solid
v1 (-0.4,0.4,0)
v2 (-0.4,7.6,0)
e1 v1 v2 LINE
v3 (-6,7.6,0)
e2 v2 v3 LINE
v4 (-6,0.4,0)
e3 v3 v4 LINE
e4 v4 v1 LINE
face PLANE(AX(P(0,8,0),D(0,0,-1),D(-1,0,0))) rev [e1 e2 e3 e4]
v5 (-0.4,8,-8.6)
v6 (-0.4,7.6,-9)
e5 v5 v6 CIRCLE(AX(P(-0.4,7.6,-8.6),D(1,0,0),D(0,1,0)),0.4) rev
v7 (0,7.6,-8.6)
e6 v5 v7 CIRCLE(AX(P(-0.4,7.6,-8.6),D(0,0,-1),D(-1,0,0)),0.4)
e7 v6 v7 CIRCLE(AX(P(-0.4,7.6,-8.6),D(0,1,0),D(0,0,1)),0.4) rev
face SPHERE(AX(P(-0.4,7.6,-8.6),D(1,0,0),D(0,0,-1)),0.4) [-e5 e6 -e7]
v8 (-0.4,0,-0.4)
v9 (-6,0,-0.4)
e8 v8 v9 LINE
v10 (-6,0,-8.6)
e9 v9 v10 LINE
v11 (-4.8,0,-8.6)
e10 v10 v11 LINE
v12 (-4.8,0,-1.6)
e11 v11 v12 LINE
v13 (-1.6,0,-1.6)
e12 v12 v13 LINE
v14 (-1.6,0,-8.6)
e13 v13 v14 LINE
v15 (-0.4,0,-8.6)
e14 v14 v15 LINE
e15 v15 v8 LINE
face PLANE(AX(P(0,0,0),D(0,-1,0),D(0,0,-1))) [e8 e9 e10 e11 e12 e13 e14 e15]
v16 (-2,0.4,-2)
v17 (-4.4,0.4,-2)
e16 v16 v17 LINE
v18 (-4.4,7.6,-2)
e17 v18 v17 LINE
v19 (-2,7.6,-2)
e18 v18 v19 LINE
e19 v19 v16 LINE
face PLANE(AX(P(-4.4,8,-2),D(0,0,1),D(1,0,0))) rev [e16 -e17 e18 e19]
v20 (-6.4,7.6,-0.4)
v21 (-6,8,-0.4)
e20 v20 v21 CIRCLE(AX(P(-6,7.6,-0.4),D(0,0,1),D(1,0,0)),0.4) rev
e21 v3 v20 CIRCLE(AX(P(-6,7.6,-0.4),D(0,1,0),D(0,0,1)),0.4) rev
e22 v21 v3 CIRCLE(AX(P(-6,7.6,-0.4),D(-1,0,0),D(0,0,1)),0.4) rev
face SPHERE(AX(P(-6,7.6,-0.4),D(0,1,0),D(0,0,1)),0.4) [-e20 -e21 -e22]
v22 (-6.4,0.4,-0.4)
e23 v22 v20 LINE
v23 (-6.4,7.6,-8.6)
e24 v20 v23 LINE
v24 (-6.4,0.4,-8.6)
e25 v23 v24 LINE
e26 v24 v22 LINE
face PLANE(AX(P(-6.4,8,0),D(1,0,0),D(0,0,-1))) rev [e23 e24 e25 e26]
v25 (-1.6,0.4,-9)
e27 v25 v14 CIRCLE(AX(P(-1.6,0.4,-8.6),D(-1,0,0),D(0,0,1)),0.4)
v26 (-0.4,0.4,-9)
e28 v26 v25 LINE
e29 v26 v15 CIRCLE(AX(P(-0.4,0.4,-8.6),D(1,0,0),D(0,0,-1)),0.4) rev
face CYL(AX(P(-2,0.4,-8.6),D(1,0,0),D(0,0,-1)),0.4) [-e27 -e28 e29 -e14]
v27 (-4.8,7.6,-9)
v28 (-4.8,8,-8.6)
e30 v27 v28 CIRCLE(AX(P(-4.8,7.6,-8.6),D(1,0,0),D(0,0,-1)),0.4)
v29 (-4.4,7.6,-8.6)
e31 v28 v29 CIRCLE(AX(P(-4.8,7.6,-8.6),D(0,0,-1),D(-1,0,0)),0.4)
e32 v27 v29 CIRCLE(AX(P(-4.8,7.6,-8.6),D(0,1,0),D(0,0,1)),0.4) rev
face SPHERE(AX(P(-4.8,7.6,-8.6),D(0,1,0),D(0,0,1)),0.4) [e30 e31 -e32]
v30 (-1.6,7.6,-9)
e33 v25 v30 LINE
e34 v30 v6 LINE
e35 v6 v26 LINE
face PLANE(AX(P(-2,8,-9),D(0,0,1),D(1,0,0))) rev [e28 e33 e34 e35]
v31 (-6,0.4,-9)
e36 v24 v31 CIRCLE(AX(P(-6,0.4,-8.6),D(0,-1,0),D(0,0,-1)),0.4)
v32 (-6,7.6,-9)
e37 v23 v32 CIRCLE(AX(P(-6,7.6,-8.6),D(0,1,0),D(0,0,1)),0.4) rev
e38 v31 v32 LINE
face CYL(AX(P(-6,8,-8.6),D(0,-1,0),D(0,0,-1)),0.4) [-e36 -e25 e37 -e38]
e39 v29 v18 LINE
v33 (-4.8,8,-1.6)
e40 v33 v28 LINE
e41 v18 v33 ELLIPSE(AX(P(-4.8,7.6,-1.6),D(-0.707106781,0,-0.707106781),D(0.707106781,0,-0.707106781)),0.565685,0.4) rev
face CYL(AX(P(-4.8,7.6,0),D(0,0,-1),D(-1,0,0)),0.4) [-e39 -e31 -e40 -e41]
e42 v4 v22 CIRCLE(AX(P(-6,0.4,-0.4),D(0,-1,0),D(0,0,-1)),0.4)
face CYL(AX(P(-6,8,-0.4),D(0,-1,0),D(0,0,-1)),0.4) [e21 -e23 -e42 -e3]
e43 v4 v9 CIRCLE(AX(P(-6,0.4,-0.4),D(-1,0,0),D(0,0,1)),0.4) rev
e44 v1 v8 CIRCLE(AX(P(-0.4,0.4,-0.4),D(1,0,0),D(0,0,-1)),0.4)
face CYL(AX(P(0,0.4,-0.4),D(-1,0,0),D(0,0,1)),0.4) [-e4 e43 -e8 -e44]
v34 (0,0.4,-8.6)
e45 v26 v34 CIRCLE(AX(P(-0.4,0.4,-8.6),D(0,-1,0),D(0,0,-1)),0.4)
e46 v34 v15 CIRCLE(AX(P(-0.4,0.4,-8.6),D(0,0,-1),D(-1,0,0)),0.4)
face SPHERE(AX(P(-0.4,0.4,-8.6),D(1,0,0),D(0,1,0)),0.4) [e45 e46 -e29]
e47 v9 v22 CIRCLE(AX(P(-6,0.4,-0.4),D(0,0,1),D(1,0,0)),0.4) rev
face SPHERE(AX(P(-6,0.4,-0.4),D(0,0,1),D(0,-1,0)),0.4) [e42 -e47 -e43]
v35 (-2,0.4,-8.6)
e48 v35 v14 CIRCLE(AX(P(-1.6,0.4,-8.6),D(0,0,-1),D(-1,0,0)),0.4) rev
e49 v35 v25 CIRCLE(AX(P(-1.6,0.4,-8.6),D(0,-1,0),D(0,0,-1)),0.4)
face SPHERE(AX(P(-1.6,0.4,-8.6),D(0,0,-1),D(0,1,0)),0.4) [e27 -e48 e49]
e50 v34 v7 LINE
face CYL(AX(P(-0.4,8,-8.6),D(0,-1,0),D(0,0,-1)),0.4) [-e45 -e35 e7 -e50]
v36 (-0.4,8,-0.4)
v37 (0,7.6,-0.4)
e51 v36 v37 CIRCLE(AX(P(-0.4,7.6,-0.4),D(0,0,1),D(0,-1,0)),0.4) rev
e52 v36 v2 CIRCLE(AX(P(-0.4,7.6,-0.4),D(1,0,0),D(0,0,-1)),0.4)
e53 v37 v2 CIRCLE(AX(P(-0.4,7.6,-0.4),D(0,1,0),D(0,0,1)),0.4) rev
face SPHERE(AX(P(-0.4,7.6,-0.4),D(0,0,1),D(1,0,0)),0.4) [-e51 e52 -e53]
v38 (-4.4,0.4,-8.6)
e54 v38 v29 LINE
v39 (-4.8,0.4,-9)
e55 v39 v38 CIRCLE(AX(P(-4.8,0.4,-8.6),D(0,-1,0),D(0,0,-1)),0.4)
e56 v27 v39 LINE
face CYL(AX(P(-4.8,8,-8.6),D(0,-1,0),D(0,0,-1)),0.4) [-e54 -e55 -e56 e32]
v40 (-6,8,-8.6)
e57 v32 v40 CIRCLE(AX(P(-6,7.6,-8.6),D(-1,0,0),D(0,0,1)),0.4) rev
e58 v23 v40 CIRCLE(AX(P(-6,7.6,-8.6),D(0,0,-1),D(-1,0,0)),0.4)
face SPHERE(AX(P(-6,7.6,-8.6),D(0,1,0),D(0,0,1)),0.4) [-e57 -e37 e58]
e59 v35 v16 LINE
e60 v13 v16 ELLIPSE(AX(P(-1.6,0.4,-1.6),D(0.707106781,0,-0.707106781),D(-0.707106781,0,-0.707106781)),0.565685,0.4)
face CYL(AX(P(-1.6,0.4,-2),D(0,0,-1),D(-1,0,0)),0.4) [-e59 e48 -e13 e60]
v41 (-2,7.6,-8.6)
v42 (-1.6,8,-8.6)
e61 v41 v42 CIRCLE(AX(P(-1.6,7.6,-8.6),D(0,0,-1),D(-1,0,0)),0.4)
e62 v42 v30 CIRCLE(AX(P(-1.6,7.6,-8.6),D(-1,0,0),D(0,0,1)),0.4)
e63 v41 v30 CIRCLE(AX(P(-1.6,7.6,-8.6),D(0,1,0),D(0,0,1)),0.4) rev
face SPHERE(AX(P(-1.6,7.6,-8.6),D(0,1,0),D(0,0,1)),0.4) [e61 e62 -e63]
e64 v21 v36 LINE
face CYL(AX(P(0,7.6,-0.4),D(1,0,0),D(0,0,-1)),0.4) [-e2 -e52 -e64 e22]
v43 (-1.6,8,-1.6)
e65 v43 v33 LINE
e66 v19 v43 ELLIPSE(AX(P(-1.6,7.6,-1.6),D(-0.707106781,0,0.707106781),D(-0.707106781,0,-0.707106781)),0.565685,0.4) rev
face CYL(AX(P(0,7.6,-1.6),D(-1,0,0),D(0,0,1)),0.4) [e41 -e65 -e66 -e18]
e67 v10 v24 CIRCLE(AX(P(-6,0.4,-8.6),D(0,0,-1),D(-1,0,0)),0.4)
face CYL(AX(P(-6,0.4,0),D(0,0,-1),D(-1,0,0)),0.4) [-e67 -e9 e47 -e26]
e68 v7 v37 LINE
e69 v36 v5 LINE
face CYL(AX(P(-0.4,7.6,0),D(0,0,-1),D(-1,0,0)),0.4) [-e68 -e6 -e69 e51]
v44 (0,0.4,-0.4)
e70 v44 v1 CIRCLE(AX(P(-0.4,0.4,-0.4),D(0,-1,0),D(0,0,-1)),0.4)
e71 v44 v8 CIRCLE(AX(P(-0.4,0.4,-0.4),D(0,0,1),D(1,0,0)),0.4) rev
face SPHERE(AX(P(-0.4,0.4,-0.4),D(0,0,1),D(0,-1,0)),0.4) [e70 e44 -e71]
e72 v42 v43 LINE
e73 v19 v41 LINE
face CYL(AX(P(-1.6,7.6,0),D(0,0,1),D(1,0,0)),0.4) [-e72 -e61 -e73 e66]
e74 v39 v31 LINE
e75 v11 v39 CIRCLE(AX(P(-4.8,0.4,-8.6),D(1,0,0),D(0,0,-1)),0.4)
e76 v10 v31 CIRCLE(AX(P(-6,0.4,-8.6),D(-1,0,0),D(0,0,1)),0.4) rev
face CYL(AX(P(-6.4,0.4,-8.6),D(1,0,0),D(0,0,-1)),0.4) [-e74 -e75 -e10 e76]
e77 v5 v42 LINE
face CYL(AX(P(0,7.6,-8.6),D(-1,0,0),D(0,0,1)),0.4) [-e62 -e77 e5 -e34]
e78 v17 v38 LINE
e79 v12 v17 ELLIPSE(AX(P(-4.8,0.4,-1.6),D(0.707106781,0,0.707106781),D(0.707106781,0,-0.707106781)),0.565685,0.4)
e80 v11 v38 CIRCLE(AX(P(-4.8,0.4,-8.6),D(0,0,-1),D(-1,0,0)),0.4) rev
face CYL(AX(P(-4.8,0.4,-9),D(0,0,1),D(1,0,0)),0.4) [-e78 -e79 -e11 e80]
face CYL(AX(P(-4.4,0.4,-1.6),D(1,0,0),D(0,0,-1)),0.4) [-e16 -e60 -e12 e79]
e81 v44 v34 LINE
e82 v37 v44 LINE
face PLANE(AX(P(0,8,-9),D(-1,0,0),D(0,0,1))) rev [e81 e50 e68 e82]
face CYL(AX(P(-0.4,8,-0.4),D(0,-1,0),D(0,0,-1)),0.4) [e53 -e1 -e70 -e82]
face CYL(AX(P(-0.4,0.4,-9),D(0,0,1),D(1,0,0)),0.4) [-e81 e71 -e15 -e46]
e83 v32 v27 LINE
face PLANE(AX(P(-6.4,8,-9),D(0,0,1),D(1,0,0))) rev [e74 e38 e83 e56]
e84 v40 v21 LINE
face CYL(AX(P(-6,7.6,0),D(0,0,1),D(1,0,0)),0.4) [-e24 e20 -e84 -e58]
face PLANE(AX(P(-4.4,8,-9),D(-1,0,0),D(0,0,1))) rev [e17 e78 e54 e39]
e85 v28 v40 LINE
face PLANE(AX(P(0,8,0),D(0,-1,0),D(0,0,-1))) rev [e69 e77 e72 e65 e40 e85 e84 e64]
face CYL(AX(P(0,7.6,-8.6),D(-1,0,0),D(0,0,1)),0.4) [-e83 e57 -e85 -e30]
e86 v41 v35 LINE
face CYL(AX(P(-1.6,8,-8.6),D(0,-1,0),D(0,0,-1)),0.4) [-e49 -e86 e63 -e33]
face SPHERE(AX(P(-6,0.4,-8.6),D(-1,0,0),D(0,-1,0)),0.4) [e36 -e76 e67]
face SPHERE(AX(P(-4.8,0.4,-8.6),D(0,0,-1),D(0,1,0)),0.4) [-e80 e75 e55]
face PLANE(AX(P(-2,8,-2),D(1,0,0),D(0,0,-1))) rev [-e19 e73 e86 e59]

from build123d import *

# Parameters (mm, degrees)
BOSS_EXTRUDE1_DEPTH = 8
FILLET1_R           = 0.4


with BuildPart() as part:
    # Sketch1 → Boss-Extrude1 (new body)
    with BuildSketch(Plane(origin=(0, 0, 0), x_dir=(1, 0, 0), z_dir=(0, 1, 0))):
        Polygon((0, 0), (-6.4, 0), (-6.4, 9), (-4.4, 9), (-4.4, 2), (-2, 2), (-2, 9), (0, 9), align=None)
    extrude(amount=BOSS_EXTRUDE1_DEPTH)

    # Fillet1
    fillet1_edges = [part.edges().sort_by_distance(p)[0] for p in [
        (-3.2, 0, -2),
        (-2, 0, -5.5),
        (-1, 0, -9),
        (0, 0, -4.5),
        (-2, 8, -5.5),
        (0, 4, 0),
        (-6.4, 4, 0),
        (-6.4, 4, -9),
        (-4.4, 4, -9),
        (-2, 4, -9),
        (0, 4, -9),
        (-3.2, 8, -2),
        (-4.4, 8, -5.5),
        (-5.4, 8, -9),
        (-6.4, 8, -4.5),
        (-3.2, 8, 0),
        (0, 8, -4.5),
        (-3.2, 0, 0),
        (-1, 8, -9),
        (-6.4, 0, -4.5),
        (-5.4, 0, -9),
        (-4.4, 0, -5.5),
    ]]
    fillet(fillet1_edges, radius=FILLET1_R)


solid = part.part
